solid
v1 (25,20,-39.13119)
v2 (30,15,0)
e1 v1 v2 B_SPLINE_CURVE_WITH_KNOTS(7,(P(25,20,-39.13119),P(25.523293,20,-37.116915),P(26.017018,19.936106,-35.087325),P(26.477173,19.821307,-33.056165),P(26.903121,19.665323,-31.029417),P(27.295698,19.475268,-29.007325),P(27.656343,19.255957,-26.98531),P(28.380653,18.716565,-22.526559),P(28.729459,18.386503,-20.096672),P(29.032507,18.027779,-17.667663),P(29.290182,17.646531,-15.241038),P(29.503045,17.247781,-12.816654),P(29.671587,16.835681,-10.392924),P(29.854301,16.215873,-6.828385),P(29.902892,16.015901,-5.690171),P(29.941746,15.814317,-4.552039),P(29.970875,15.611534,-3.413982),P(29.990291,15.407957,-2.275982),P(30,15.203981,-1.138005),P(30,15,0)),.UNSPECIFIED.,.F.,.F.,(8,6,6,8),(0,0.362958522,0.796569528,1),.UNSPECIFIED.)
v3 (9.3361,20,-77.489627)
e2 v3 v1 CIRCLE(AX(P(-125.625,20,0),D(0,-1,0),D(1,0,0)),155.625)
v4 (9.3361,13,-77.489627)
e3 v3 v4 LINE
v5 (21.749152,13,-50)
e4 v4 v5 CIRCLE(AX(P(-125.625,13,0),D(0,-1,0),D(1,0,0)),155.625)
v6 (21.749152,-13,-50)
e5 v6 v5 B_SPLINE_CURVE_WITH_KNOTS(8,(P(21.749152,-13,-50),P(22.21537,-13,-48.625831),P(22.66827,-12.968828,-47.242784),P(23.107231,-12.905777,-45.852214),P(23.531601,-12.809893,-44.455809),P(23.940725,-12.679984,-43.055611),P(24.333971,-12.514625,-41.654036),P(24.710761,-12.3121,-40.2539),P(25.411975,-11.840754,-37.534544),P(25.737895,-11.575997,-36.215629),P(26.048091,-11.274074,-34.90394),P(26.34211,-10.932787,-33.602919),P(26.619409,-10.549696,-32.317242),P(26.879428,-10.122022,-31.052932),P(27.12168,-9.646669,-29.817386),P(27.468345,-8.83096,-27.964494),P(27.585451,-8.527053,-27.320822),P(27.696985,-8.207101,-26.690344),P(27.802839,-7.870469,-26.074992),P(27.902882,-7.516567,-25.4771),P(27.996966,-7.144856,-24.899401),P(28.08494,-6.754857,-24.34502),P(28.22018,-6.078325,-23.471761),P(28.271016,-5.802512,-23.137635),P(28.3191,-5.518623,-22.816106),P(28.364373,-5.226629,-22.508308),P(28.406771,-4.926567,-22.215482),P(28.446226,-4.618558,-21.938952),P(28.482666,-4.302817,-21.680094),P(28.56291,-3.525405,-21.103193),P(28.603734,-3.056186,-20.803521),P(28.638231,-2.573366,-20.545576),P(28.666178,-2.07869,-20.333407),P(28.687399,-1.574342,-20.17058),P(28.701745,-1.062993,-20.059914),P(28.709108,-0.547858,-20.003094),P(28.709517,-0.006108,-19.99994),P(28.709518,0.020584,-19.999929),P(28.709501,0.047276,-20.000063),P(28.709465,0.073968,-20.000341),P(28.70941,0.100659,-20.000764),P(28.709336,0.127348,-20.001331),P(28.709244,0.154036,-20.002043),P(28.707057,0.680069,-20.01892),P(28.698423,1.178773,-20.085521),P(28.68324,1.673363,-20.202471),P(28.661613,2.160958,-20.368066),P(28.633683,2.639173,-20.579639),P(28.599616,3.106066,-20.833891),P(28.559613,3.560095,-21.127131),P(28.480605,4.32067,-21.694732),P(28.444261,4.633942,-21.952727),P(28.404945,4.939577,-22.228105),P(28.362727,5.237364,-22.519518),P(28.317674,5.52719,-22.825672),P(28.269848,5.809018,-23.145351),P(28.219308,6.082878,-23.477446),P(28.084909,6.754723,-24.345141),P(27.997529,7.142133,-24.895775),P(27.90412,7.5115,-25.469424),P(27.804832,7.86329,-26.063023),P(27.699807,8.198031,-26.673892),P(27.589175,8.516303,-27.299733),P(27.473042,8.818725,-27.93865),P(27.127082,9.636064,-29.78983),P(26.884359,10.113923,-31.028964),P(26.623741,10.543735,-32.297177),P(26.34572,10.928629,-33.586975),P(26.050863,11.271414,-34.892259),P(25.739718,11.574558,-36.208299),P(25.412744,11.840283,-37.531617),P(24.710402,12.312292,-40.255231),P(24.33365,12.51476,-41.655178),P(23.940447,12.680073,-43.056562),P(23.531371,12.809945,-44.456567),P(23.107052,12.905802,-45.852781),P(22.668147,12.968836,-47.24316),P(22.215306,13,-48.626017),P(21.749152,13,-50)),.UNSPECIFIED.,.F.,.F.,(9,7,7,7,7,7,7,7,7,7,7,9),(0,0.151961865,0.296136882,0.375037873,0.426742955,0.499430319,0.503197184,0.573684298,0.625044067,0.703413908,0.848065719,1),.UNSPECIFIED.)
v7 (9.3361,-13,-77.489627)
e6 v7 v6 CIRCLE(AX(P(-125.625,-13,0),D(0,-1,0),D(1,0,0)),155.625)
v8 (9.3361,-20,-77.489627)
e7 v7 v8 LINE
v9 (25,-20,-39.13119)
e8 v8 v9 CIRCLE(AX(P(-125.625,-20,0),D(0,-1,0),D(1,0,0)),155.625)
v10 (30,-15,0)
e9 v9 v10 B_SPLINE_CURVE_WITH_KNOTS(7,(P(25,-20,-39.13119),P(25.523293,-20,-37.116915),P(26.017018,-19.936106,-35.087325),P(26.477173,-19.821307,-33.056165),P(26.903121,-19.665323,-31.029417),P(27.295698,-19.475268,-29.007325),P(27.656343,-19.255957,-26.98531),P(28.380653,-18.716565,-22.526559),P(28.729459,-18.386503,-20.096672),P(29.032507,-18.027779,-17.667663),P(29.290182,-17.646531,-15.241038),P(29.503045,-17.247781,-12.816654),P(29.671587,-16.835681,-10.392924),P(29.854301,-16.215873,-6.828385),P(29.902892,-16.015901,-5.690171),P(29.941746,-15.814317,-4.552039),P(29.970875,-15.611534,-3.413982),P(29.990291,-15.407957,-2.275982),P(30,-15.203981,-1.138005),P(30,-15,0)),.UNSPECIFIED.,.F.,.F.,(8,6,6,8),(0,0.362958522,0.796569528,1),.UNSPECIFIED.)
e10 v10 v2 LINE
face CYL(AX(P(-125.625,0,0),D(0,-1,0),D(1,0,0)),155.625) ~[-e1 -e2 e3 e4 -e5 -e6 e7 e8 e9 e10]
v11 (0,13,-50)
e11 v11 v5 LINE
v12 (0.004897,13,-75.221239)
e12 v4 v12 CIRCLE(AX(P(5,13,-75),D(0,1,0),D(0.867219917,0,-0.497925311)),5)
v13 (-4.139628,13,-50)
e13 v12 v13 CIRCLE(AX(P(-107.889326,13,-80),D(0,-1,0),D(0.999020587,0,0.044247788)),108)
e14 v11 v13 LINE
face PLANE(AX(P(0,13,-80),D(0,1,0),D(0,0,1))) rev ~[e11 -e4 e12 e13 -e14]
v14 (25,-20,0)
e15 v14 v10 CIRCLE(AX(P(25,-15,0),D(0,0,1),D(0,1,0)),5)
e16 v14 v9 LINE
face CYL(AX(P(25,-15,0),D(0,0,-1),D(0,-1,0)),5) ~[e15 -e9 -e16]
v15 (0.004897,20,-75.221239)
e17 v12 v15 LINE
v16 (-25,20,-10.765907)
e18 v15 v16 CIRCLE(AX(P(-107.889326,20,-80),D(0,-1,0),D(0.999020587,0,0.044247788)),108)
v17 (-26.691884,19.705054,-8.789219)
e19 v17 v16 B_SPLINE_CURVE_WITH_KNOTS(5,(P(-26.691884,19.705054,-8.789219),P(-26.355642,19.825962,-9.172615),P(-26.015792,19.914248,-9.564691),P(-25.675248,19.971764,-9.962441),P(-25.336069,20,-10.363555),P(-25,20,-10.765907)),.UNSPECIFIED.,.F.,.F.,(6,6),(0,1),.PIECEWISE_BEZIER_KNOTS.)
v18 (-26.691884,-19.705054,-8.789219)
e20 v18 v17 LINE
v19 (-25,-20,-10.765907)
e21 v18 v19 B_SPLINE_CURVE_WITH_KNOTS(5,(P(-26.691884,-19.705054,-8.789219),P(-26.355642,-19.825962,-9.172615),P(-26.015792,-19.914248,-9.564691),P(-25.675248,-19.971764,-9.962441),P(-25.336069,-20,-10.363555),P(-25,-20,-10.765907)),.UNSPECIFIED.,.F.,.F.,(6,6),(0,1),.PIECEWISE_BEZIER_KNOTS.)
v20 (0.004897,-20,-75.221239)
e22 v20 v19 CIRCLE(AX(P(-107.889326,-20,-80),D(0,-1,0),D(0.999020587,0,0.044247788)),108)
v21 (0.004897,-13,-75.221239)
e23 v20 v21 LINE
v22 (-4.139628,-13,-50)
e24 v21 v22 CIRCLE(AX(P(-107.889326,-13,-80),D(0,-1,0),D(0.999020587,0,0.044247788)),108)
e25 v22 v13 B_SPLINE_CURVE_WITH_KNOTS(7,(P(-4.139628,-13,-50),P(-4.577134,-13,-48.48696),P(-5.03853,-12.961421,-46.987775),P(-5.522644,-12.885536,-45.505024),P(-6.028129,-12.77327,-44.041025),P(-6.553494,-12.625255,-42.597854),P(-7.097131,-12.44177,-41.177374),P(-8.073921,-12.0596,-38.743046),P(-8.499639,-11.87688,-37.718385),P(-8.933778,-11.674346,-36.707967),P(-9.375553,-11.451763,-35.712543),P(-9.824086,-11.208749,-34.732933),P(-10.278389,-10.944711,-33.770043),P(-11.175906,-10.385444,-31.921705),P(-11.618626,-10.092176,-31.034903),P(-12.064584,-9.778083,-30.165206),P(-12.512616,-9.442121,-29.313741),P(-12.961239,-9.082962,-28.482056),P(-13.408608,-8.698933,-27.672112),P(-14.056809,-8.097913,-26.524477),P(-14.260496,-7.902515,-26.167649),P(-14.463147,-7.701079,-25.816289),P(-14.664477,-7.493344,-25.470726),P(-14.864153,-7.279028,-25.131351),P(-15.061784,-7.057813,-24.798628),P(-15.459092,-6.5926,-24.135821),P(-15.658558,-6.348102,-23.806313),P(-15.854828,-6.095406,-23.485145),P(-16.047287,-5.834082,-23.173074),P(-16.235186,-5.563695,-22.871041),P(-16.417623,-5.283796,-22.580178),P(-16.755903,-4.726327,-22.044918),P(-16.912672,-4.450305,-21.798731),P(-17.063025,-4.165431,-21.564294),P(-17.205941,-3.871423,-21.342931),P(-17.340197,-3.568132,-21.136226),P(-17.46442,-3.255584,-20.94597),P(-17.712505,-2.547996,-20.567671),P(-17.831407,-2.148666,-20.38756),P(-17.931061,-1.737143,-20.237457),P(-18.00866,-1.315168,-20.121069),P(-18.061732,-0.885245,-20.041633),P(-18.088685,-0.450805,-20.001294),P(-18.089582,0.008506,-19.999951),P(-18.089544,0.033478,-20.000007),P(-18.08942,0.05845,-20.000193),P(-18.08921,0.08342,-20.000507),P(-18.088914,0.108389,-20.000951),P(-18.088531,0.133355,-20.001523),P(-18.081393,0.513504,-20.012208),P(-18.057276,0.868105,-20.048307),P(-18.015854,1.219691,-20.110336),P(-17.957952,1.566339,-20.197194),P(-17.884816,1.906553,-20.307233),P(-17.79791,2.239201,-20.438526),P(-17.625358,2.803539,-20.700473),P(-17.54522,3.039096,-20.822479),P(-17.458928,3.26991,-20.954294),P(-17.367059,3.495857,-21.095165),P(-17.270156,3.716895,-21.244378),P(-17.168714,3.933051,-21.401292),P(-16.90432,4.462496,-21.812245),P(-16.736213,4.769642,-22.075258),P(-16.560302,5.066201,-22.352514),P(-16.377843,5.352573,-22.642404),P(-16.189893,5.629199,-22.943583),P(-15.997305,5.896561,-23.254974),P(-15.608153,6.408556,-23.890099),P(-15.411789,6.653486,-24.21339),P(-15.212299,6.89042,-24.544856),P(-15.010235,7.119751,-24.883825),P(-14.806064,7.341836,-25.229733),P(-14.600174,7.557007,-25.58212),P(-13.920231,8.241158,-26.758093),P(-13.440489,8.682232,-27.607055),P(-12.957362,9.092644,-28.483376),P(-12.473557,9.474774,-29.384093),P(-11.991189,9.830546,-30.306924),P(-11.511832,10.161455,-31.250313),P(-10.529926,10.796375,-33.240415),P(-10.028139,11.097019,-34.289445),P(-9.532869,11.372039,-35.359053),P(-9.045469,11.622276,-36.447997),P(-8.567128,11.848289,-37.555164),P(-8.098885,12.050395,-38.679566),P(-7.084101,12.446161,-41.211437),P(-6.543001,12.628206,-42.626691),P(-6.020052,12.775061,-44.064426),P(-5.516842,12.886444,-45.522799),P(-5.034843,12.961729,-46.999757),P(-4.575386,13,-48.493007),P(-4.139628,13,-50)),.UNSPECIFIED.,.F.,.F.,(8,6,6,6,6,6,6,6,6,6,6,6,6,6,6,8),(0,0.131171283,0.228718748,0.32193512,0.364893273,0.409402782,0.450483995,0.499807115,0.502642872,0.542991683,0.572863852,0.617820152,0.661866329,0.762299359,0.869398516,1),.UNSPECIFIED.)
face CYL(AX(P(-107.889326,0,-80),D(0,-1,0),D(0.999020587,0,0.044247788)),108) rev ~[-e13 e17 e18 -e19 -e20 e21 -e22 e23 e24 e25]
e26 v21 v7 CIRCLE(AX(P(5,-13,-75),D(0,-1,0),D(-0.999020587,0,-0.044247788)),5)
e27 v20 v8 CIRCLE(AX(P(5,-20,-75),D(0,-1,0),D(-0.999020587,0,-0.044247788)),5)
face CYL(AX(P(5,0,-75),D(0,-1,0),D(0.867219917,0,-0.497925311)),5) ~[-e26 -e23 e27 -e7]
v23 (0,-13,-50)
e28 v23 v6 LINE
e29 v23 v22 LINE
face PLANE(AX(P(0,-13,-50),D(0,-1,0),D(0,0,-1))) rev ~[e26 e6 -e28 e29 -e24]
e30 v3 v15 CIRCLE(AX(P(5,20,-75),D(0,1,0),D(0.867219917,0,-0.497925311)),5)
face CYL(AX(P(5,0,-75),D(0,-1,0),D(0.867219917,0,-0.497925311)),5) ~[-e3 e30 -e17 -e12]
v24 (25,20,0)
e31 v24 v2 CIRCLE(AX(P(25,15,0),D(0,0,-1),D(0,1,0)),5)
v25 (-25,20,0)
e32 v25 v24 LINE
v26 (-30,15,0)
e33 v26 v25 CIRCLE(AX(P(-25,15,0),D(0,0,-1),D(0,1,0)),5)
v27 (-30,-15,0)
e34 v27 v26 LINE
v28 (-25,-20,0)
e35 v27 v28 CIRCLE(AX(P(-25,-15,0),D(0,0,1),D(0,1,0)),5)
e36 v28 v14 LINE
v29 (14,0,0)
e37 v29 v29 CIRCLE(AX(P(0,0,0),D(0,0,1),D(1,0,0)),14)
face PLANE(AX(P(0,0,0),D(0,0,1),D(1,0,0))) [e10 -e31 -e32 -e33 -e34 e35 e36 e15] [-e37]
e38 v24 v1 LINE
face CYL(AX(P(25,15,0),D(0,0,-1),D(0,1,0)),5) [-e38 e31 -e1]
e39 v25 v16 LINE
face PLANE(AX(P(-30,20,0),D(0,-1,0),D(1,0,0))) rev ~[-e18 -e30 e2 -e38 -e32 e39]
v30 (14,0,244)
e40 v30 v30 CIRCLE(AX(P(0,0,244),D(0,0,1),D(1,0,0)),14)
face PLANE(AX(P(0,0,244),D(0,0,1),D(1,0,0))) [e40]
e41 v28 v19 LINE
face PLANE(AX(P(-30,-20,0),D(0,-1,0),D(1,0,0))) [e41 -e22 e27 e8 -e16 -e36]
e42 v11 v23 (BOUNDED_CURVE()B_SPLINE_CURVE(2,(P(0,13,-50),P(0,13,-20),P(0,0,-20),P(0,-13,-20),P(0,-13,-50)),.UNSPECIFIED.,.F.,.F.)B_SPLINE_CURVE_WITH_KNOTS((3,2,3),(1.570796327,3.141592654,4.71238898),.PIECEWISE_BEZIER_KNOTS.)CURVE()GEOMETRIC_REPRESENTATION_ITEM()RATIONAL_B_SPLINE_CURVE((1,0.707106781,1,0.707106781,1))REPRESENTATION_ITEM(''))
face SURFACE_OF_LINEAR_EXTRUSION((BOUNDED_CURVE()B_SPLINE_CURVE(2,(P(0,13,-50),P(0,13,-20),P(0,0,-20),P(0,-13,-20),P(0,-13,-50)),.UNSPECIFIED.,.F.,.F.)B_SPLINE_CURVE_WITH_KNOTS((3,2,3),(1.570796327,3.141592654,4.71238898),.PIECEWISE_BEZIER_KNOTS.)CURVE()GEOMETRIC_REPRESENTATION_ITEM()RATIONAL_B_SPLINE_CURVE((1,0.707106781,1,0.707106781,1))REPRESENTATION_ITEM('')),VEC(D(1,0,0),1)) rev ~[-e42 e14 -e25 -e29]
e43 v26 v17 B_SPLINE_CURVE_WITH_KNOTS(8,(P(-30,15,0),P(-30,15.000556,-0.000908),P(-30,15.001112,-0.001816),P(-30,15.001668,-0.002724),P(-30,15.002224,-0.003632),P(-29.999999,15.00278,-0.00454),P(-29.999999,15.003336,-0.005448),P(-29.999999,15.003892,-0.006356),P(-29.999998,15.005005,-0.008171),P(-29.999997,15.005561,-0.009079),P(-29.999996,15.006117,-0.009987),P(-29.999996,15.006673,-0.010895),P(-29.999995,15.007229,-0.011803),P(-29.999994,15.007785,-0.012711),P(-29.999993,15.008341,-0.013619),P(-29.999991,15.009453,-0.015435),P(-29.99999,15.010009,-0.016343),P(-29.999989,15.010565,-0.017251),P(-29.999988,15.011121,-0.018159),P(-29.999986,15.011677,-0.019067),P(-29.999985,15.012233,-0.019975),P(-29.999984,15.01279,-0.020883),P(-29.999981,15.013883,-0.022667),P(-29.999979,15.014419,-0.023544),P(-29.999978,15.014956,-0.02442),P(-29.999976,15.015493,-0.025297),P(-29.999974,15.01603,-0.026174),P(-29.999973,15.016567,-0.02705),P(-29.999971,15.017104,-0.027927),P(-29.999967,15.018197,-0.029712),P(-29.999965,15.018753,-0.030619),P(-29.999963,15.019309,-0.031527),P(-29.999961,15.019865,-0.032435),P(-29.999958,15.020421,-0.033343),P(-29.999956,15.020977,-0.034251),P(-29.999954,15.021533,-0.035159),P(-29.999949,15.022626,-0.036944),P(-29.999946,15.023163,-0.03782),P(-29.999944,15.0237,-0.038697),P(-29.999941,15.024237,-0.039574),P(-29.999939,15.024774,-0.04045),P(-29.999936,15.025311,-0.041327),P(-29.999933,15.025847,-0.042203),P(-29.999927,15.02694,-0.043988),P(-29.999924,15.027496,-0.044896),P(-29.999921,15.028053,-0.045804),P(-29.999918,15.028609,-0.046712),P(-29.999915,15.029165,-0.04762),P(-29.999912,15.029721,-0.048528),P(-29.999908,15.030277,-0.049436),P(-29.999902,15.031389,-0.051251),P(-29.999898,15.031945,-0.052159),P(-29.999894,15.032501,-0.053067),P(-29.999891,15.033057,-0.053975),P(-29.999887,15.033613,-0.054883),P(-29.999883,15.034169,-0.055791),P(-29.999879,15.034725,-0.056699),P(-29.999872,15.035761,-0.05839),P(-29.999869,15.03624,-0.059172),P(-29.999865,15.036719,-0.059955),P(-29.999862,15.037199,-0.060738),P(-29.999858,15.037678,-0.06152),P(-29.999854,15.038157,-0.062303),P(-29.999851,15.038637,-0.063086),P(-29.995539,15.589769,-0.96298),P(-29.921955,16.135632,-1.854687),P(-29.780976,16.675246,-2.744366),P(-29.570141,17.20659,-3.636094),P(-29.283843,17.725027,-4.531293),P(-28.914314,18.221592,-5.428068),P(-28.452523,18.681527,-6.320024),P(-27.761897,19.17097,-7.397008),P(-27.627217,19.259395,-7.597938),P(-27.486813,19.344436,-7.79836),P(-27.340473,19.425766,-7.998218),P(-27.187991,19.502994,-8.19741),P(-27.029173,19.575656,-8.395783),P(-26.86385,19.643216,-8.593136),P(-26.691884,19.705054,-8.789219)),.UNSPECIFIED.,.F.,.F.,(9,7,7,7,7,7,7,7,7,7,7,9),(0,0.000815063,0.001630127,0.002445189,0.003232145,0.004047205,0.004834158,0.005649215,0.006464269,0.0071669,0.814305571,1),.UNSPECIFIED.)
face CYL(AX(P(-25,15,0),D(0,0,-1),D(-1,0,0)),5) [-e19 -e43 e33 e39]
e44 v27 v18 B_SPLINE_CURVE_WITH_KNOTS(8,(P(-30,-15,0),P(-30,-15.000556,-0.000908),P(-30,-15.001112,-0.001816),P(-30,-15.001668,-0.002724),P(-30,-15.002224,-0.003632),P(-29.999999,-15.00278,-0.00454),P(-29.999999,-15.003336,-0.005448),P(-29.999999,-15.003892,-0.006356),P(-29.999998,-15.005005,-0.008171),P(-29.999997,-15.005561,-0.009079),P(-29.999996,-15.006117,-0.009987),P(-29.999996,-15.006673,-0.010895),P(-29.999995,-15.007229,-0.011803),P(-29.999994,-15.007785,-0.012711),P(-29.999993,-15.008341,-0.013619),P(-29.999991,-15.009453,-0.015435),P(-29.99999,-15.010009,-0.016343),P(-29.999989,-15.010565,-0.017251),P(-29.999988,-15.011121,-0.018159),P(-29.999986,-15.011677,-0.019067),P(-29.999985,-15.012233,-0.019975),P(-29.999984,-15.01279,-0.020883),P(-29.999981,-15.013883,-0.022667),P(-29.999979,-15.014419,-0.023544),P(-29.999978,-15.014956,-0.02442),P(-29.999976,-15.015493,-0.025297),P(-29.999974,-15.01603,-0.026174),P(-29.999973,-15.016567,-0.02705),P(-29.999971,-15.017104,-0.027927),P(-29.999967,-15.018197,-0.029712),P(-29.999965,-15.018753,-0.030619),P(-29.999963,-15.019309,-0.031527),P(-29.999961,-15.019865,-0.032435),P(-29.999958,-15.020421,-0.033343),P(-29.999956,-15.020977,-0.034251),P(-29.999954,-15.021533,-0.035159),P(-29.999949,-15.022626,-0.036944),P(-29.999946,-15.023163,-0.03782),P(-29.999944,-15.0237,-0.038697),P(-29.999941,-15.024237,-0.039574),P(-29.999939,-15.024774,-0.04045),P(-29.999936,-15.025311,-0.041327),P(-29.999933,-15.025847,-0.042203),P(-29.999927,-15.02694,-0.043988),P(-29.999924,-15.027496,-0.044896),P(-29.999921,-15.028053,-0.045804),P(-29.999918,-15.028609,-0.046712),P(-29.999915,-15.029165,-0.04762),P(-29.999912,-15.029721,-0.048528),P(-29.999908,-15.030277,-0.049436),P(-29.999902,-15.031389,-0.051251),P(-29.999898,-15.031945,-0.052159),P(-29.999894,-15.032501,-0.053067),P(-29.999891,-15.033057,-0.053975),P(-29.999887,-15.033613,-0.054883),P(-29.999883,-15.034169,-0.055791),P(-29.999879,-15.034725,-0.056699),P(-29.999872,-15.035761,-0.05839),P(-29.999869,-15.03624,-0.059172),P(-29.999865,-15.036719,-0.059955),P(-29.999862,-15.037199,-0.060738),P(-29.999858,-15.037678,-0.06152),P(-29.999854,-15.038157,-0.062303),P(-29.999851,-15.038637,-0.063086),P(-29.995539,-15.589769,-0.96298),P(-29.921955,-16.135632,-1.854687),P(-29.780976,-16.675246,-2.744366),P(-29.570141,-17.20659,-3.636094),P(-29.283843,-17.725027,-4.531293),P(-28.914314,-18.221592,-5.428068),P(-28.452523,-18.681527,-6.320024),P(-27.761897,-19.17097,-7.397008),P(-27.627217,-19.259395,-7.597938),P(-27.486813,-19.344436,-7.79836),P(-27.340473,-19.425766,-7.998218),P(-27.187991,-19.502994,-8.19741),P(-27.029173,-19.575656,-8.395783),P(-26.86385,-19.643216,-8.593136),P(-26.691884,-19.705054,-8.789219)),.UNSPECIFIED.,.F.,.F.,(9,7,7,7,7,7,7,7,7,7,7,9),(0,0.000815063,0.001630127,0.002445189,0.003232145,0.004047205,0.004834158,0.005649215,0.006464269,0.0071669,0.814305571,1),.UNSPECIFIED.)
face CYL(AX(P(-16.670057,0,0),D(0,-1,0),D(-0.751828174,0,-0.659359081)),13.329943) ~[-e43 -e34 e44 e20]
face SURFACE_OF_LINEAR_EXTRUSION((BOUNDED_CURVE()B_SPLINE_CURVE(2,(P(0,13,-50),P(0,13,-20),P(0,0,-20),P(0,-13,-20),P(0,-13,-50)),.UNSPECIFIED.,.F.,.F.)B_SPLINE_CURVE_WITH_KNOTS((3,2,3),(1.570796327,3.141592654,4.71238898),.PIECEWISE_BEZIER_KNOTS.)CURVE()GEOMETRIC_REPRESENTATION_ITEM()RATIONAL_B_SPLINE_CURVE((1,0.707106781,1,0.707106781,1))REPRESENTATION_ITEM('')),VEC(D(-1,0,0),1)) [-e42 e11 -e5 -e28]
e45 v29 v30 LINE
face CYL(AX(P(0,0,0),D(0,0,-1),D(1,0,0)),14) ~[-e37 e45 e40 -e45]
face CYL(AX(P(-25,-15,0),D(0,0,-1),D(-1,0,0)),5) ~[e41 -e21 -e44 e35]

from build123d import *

# Parameters (mm, degrees)
F0_R     = 14
F1_DEPTH = 244
F2_W     = 60
F2_H     = 40
F3_DEPTH = 80
F4_R     = 5
F6_DEPTH = 40
F8_DEPTH = 35


with BuildPart() as f1:
    # F0 (on Top) → F1 (new body)
    with BuildSketch(Plane.XY):
        Circle(F0_R)
    extrude(amount=F1_DEPTH)

    # F2 (on Top) → F3 (join)
    with BuildSketch(Plane.XY):
        Rectangle(F2_W, F2_H)
    extrude(amount=-F3_DEPTH)

    # F4
    f4_edges = [f1.edges().sort_by_distance(p)[0] for p in [
        (30, -20, -40),
        (-30, -20, -40),
        (30, 20, -40),
        (-30, 20, -40),
    ]]
    fillet(f4_edges, radius=F4_R)

    # F5 (on Front) → F6 (cut, symmetric)
    with BuildSketch(Plane.XZ):
        with BuildLine():
            Line((-30, 0), (-30, -90))
            Line((-30, -90), (30, -90))
            Line((30, -90), (30, 0))
            ThreePointArc((30, 0), (24.7453124754, -40.0987499935), (9.3360995851, -77.489626556))
            ThreePointArc((9.3360995851, -77.489626556), (3.8189128101, -79.8585011114), (0.0048970649, -75.2212389381))
            ThreePointArc((0.0048970649, -75.2212389381), (-7.6784593534, -39.7286436891), (-26.6918835796, -8.7892192835))
            ThreePointArc((-26.6918835796, -8.7892192835), (-29.1455882011, -4.6955832935), (-30, 0))
        make_face()
    extrude(amount=F6_DEPTH, both=True, mode=Mode.SUBTRACT)

    # F7 (on Right) → F8 (cut, symmetric)
    with BuildSketch(Plane.YZ):
        with BuildLine():
            Line((13, -80), (13, -50))
            add(Edge.make_bspline(
                [(13, -50), (13, -20), (0, -20), (-13, -20), (-13, -50)],
                knots=[1.5707963268, 1.5707963268, 1.5707963268, 3.1415926536, 3.1415926536, 4.7123889804, 4.7123889804, 4.7123889804], degree=2, weights=[1, 0.7071067812, 1, 0.7071067812, 1]))
            Line((-13, -50), (-13, -80))
            Line((-13, -80), (13, -80))
        make_face()
    extrude(amount=F8_DEPTH, both=True, mode=Mode.SUBTRACT)


solid = f1.part
